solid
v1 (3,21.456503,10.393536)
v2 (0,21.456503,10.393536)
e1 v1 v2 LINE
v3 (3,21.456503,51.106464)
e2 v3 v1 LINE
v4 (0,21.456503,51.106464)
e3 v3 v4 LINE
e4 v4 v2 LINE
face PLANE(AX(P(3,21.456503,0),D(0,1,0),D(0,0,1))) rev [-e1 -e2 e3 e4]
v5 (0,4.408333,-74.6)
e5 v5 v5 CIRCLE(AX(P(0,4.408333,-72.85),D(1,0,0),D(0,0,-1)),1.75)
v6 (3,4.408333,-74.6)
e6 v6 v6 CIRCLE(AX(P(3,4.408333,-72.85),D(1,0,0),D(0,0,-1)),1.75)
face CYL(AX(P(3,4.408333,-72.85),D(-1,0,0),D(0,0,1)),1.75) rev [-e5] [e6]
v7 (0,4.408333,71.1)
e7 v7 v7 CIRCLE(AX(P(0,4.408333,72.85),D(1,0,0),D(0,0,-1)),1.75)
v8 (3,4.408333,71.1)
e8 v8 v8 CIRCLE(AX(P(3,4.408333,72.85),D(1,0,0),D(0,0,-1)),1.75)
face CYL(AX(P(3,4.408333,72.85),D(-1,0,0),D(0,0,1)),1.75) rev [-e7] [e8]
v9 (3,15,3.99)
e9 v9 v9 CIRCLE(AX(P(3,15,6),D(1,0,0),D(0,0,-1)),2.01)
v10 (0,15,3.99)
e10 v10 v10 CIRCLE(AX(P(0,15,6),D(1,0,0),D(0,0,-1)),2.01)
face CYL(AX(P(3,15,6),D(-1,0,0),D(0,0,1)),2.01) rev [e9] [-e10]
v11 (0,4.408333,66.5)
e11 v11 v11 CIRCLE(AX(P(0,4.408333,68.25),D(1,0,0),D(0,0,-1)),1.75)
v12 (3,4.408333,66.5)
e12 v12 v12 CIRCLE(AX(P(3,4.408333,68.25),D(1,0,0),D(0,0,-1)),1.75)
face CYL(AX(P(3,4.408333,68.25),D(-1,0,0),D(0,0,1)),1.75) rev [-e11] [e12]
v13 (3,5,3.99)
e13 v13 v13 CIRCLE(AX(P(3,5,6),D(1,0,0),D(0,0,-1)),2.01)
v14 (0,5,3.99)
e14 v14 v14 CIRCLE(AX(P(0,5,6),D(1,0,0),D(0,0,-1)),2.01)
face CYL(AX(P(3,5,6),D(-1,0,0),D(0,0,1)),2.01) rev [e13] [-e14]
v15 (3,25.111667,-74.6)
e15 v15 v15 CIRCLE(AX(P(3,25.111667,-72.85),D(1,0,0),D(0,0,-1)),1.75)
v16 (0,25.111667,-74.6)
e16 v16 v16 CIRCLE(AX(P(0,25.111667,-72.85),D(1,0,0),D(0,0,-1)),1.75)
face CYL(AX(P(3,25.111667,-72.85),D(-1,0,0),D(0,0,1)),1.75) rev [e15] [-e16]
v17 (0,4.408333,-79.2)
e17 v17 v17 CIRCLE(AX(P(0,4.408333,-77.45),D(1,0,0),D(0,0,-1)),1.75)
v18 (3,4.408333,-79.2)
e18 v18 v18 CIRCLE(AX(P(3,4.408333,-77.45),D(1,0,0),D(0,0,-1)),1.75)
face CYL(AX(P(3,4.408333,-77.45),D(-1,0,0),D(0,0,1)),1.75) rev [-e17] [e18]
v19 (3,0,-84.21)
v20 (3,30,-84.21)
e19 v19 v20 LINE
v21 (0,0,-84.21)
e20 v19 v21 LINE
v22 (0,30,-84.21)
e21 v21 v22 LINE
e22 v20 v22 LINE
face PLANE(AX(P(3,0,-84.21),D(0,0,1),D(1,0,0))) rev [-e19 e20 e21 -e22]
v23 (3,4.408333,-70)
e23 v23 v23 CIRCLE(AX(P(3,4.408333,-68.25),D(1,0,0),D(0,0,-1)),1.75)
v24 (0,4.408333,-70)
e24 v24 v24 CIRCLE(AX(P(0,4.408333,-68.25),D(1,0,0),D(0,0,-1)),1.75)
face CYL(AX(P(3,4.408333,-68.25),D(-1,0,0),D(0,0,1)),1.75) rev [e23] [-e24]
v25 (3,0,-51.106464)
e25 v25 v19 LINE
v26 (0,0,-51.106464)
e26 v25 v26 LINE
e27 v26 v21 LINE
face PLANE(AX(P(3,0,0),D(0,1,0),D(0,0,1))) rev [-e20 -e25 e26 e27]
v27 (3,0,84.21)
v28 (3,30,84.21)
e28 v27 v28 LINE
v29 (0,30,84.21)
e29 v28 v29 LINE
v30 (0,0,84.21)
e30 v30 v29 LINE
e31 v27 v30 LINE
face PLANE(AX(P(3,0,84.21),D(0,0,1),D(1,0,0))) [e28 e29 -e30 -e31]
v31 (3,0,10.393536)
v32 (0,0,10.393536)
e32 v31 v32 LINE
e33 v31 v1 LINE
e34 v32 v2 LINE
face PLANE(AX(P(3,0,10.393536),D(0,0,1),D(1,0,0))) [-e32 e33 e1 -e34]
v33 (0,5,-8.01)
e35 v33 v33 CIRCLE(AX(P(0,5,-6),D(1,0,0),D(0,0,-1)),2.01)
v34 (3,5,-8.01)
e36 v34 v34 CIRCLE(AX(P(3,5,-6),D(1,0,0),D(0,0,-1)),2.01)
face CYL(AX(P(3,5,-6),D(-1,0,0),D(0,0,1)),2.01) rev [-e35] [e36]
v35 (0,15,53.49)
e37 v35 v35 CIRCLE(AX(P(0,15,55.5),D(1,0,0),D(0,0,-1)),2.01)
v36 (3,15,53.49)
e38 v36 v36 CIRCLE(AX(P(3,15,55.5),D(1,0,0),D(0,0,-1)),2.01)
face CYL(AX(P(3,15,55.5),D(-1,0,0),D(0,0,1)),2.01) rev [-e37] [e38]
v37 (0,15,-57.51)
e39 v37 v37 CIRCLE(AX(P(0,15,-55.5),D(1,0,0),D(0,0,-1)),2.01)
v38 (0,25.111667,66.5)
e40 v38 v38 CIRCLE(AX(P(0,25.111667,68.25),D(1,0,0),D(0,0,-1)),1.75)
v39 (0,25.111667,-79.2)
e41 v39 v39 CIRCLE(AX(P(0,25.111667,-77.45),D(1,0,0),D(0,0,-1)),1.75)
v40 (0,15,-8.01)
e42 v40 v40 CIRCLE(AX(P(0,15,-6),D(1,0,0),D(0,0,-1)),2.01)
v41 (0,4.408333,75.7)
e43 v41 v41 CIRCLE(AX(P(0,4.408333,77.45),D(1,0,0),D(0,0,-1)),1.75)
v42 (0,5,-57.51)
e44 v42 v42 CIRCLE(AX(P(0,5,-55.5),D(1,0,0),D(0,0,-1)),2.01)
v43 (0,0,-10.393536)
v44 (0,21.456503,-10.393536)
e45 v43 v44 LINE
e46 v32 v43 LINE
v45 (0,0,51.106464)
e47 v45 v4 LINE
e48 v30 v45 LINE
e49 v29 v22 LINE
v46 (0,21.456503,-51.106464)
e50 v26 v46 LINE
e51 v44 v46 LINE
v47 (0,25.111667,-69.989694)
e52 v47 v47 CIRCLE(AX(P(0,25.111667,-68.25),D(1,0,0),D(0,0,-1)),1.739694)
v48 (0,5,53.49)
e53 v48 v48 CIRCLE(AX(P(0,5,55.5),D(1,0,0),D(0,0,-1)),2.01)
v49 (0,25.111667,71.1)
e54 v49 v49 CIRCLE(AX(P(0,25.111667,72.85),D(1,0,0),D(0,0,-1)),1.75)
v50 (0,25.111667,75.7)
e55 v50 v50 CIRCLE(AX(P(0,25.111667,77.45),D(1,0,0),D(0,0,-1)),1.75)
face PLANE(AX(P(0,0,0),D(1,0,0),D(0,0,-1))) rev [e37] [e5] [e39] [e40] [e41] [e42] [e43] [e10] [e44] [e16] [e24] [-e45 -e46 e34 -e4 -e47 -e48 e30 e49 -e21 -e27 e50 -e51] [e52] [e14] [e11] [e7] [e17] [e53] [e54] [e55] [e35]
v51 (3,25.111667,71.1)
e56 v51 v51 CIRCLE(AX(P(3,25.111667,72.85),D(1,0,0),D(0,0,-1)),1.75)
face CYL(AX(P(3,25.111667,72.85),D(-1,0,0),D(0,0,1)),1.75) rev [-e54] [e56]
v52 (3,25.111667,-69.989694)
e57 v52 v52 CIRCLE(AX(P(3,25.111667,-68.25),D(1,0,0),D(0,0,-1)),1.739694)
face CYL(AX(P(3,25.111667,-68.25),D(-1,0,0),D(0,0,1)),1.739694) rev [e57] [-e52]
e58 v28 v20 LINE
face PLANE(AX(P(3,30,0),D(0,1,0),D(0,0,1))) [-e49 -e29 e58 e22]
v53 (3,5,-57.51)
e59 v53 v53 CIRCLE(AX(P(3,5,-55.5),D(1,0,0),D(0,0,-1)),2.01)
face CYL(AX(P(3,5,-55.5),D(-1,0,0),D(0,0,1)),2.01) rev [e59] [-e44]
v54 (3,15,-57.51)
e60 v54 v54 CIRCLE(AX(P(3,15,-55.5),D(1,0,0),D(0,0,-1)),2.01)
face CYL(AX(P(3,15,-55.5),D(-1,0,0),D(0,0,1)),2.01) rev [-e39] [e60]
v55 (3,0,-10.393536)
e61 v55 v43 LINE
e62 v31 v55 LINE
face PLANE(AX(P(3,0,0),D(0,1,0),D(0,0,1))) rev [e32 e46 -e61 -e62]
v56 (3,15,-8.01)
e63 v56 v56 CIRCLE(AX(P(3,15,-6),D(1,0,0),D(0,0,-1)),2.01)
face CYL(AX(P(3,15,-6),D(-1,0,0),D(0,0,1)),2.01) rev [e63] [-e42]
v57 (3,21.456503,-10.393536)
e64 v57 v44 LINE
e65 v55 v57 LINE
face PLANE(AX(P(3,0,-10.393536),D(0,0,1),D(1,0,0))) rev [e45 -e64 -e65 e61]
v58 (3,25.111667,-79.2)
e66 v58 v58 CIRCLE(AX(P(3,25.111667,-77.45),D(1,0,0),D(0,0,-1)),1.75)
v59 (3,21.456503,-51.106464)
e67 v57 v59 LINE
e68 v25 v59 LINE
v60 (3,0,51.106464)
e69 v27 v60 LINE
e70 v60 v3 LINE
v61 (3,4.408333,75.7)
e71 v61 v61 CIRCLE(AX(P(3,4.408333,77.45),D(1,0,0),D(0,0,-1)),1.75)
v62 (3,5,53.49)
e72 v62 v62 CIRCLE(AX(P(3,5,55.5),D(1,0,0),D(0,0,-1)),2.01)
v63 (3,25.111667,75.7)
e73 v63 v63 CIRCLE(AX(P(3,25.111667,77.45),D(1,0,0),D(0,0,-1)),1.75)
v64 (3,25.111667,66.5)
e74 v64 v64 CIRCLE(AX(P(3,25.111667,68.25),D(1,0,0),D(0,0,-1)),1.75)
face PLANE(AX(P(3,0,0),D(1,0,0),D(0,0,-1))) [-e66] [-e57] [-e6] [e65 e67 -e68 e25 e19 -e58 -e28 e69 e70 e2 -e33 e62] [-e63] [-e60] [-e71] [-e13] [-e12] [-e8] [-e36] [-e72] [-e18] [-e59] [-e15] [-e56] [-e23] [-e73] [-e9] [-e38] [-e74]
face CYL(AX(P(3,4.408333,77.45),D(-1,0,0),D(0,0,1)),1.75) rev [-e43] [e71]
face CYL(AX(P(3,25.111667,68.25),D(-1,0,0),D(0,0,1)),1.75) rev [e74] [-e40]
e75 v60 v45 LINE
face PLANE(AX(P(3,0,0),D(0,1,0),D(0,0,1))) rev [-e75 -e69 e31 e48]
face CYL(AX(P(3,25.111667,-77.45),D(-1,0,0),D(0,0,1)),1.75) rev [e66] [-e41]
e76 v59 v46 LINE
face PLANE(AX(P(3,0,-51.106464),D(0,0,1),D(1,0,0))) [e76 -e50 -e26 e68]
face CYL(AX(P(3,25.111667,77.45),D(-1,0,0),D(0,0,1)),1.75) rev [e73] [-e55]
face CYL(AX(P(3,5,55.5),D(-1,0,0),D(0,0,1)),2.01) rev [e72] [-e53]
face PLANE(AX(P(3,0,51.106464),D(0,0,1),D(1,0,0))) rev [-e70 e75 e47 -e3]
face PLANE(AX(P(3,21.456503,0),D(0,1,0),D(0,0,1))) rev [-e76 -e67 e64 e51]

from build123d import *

# Parameters (mm, degrees)
SKETCH1_R           = 2.01
SKETCH1_R_2         = 1.75
BOSS_EXTRUDE1_DEPTH = 3
BOSS_EXTRUDE2_DEPTH = 3


with BuildPart() as part:
    # Sketch1 → Boss-Extrude1 (new body)
    with BuildSketch(Plane(origin=(0, 0, 0), x_dir=(0, 0, -1), z_dir=(1, 0, 0))):
        Polygon((51.106463596, 21.456503046), (51.106463596, 0), (84.21, 0), (84.21, 30), (-84.21, 30), (-84.21, 0), (-51.106463596, 0), (-51.106463596, 21.456503046), (-10.393536404, 21.456503046), (-10.393536404, 0), (10.393536404, 0), (10.393536404, 21.456503046), align=None)
        with Locations((55.5, 15)):
            Circle(SKETCH1_R, mode=Mode.SUBTRACT)
        with Locations((55.5, 5)):
            Circle(SKETCH1_R, mode=Mode.SUBTRACT)
        with Locations((-77.45, 4.408333333)):
            Circle(SKETCH1_R_2, mode=Mode.SUBTRACT)
        with Locations((-72.85, 4.408333333)):
            Circle(SKETCH1_R_2, mode=Mode.SUBTRACT)
        with Locations((-68.25, 4.408333333)):
            Circle(SKETCH1_R_2, mode=Mode.SUBTRACT)
        with Locations((-55.5, 5)):
            Circle(SKETCH1_R, mode=Mode.SUBTRACT)
        with Locations((-6, 5)):
            Circle(SKETCH1_R, mode=Mode.SUBTRACT)
        with Locations((6, 5)):
            Circle(SKETCH1_R, mode=Mode.SUBTRACT)
        with Locations((68.25, 4.408333333)):
            Circle(SKETCH1_R_2, mode=Mode.SUBTRACT)
        with Locations((-55.5, 15)):
            Circle(SKETCH1_R, mode=Mode.SUBTRACT)
        with Locations((-6, 15)):
            Circle(SKETCH1_R, mode=Mode.SUBTRACT)
        with Locations((-77.45, 25.111666667)):
            Circle(SKETCH1_R_2, mode=Mode.SUBTRACT)
        with Locations((-72.85, 25.111666667)):
            Circle(SKETCH1_R_2, mode=Mode.SUBTRACT)
        with Locations((-68.25, 25.111666667)):
            Circle(SKETCH1_R_2, mode=Mode.SUBTRACT)
        with Locations((6, 15)):
            Circle(SKETCH1_R, mode=Mode.SUBTRACT)
        with Locations((77.45, 25.111666667)):
            Circle(SKETCH1_R_2, mode=Mode.SUBTRACT)
        with Locations((77.45, 4.408333333)):
            Circle(SKETCH1_R_2, mode=Mode.SUBTRACT)
        with Locations((72.85, 4.408333333)):
            Circle(SKETCH1_R_2, mode=Mode.SUBTRACT)
        with Locations((72.85, 25.111666667)):
            Circle(SKETCH1_R_2, mode=Mode.SUBTRACT)
        with BuildLine():
            Line((68.25, 23.119646681), (66.786206896, 22.802700472))
            Line((66.786206896, 22.802700472), (67.318515469, 23.642356362))
            ThreePointArc((67.318515469, 23.642356362), (68.734966733, 26.782398085), (68.25, 23.371972382))
            Line((68.25, 23.371972382), (68.25, 23.119646681))
        make_face(mode=Mode.SUBTRACT)
    extrude(amount=BOSS_EXTRUDE1_DEPTH)

    # Sketch2 → Boss-Extrude2 (add)
    with BuildSketch(Plane.ZY):
        with BuildLine():
            Line((-68.25, 23.371972382), (-68.25, 23.119646681))
            Line((-68.25, 23.119646681), (-66.825746374, 22.811261715))
            Line((-66.825746374, 22.811261715), (-66.786206896, 22.802700472))
            Line((-66.786206896, 22.802700472), (-67.318515469, 23.642356362))
            ThreePointArc((-67.318515469, 23.642356362), (-67.765033267, 23.440935248), (-68.25, 23.371972382))
        make_face()
    extrude(amount=-BOSS_EXTRUDE2_DEPTH)


solid = part.part
